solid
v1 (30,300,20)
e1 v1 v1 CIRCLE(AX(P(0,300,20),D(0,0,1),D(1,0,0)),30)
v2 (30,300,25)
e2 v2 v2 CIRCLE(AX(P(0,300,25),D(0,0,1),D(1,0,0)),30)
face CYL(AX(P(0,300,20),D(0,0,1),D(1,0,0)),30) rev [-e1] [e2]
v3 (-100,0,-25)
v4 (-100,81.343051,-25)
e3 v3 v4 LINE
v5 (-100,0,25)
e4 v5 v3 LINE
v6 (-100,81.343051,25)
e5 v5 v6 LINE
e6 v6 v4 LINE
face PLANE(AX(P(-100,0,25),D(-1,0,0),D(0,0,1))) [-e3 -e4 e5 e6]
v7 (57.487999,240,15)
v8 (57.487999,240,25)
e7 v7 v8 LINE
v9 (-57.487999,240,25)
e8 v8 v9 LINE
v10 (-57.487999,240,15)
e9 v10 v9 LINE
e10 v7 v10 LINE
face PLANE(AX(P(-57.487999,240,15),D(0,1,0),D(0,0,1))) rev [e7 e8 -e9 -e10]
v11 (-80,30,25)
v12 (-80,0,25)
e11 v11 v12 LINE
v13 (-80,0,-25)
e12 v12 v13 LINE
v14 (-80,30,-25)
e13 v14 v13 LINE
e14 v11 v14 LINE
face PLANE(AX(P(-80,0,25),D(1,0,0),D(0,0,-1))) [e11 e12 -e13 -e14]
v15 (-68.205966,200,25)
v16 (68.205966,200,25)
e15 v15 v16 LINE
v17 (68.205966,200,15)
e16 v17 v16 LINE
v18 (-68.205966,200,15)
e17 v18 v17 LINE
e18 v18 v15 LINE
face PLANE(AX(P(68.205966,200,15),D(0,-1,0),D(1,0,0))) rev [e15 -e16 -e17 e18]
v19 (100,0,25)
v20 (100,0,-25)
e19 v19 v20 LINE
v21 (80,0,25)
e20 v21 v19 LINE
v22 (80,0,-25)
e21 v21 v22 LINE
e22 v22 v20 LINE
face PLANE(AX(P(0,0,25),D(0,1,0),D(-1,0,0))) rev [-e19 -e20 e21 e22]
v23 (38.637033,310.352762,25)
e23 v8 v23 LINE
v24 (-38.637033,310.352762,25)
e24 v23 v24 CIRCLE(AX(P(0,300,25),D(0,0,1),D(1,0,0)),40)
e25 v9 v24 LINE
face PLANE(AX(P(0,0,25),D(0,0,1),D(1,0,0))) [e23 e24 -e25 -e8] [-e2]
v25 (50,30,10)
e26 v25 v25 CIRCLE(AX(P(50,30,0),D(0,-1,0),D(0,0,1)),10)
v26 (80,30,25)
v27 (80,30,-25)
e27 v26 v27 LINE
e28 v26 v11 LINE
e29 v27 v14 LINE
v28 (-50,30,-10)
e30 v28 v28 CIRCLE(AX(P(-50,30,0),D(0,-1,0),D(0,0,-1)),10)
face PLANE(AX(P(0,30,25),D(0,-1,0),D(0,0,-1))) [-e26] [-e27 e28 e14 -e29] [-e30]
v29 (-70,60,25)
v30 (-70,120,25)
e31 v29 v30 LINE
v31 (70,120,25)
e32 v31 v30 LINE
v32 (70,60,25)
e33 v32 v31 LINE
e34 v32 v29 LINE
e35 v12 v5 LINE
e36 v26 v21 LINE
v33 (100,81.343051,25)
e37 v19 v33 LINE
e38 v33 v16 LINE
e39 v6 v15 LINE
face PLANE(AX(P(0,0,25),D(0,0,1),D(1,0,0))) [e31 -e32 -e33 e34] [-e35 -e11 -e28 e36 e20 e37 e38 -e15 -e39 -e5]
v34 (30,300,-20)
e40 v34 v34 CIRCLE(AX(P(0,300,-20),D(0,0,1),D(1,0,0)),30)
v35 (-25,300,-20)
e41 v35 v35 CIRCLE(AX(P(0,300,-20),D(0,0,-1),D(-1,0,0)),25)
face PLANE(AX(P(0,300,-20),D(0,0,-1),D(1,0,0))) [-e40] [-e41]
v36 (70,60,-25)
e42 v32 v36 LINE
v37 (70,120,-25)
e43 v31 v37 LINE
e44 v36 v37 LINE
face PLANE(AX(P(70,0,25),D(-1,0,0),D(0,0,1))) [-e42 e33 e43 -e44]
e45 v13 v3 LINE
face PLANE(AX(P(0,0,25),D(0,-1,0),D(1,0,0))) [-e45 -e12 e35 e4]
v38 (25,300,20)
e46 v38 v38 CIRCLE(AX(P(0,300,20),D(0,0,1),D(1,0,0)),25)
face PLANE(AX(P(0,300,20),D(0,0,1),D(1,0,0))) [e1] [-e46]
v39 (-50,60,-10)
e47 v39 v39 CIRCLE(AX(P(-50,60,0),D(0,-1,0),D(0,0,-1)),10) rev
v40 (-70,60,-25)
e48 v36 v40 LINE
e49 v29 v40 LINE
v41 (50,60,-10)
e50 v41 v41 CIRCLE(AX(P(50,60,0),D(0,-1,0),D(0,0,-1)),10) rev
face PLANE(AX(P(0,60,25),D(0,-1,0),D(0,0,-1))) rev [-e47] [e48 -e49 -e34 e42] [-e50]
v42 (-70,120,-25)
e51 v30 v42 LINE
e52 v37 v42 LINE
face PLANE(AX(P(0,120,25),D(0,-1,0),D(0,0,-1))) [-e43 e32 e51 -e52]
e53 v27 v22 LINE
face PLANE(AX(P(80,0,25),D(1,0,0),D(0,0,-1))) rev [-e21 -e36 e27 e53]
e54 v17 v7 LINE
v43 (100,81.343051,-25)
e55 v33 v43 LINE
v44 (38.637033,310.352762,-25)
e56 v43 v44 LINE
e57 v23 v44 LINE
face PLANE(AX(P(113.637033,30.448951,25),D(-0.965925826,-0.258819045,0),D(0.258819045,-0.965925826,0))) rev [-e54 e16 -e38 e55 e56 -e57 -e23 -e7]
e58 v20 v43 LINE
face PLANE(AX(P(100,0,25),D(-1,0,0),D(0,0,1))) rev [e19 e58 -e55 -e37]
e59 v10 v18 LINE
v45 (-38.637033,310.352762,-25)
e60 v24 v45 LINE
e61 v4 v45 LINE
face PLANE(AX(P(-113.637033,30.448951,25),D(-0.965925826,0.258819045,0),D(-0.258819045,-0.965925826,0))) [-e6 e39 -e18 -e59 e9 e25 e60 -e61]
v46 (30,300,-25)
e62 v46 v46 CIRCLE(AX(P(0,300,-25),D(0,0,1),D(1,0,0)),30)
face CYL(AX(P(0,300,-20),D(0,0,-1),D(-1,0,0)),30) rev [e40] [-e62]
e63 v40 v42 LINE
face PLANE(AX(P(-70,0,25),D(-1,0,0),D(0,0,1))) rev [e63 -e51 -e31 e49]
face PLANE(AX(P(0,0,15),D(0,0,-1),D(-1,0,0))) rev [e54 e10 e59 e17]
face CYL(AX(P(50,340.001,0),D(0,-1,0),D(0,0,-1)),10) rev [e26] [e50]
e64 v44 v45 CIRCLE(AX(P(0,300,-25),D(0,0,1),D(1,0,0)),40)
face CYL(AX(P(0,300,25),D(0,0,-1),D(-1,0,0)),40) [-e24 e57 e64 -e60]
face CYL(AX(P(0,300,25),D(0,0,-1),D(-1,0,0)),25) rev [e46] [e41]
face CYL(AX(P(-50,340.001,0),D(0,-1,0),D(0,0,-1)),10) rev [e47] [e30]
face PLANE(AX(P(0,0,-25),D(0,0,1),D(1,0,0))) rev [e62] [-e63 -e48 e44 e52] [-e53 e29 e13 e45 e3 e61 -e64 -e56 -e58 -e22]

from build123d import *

# Parameters (mm, degrees)
SKETCH1_R           = 25
SKETCH1_W           = 140
SKETCH1_H           = 60
BOSS_EXTRUDE1_DEPTH = 25
SKETCH4_R           = 30
CUT_EXTRUDE1_DEPTH  = 5
CUT_EXTRUDE2_DEPTH  = 10
CUT_EXTRUDE3_REACH  = 312
SKETCH6_R           = 10


with BuildPart() as part:
    # Sketch1 → Boss-Extrude1 (new body, symmetric)
    with BuildSketch(Plane.XY):
        with BuildLine():
            Line((100, 81.343051449), (38.637033052, 310.352761804))
            ThreePointArc((38.637033052, 310.352761804), (0, 340), (-38.637033052, 310.352761804))
            Line((-38.637033052, 310.352761804), (-100, 81.343051449))
            Line((-100, 81.343051449), (-100, 0))
            Line((-100, 0), (-80, 0))
            Line((-80, 0), (-80, 30))
            Line((-80, 30), (80, 30))
            Line((80, 30), (80, 0))
            Line((80, 0), (100, 0))
            Line((100, 0), (100, 81.343051449))
        make_face()
        with Locations((0, 300)):
            Circle(SKETCH1_R, mode=Mode.SUBTRACT)
        with Locations((0, 90)):
            Rectangle(SKETCH1_W, SKETCH1_H, mode=Mode.SUBTRACT)
    extrude(amount=BOSS_EXTRUDE1_DEPTH, both=True)

    # Sketch4 → Cut-Extrude1 (cut)
    with BuildSketch(Plane.XY.offset(25)):
        with Locations((0, 300)):
            Circle(SKETCH4_R)
    cut_extrude1 = extrude(amount=-CUT_EXTRUDE1_DEPTH, mode=Mode.SUBTRACT)

    # Mirror1: Cut-Extrude1 across plane
    add(cut_extrude1.mirror(Plane.XY), mode=Mode.SUBTRACT)

    # Sketch5 → Cut-Extrude2 (cut)
    with BuildSketch(Plane.XY.offset(25)):
        Polygon((-57.487998762, 240), (57.487998762, 240), (68.20596646, 200), (-68.20596646, 200), align=None)
    extrude(amount=-CUT_EXTRUDE2_DEPTH, mode=Mode.SUBTRACT)

    # Sketch6 → Cut-Extrude3 (cut, up to next)
    with BuildSketch(Plane.XZ.offset(-30), mode=Mode.PRIVATE) as cut_extrude3_sk1:
        with Locations((-50, 0)):
            Circle(SKETCH6_R)
    cut_extrude3_tool1 = extrude(cut_extrude3_sk1.sketch, amount=-CUT_EXTRUDE3_REACH, mode=Mode.PRIVATE) & part.part
    add(cut_extrude3_tool1.solids().sort_by_distance((-50, 30, 0))[0], mode=Mode.SUBTRACT)
    # Sketch6 → Cut-Extrude3 (cut, up to next)
    with BuildSketch(Plane.XZ.offset(-30), mode=Mode.PRIVATE) as cut_extrude3_sk2:
        with Locations((50, 0)):
            Circle(SKETCH6_R)
    cut_extrude3_tool2 = extrude(cut_extrude3_sk2.sketch, amount=-CUT_EXTRUDE3_REACH, mode=Mode.PRIVATE) & part.part
    add(cut_extrude3_tool2.solids().sort_by_distance((50, 30, 0))[0], mode=Mode.SUBTRACT)


solid = part.part
